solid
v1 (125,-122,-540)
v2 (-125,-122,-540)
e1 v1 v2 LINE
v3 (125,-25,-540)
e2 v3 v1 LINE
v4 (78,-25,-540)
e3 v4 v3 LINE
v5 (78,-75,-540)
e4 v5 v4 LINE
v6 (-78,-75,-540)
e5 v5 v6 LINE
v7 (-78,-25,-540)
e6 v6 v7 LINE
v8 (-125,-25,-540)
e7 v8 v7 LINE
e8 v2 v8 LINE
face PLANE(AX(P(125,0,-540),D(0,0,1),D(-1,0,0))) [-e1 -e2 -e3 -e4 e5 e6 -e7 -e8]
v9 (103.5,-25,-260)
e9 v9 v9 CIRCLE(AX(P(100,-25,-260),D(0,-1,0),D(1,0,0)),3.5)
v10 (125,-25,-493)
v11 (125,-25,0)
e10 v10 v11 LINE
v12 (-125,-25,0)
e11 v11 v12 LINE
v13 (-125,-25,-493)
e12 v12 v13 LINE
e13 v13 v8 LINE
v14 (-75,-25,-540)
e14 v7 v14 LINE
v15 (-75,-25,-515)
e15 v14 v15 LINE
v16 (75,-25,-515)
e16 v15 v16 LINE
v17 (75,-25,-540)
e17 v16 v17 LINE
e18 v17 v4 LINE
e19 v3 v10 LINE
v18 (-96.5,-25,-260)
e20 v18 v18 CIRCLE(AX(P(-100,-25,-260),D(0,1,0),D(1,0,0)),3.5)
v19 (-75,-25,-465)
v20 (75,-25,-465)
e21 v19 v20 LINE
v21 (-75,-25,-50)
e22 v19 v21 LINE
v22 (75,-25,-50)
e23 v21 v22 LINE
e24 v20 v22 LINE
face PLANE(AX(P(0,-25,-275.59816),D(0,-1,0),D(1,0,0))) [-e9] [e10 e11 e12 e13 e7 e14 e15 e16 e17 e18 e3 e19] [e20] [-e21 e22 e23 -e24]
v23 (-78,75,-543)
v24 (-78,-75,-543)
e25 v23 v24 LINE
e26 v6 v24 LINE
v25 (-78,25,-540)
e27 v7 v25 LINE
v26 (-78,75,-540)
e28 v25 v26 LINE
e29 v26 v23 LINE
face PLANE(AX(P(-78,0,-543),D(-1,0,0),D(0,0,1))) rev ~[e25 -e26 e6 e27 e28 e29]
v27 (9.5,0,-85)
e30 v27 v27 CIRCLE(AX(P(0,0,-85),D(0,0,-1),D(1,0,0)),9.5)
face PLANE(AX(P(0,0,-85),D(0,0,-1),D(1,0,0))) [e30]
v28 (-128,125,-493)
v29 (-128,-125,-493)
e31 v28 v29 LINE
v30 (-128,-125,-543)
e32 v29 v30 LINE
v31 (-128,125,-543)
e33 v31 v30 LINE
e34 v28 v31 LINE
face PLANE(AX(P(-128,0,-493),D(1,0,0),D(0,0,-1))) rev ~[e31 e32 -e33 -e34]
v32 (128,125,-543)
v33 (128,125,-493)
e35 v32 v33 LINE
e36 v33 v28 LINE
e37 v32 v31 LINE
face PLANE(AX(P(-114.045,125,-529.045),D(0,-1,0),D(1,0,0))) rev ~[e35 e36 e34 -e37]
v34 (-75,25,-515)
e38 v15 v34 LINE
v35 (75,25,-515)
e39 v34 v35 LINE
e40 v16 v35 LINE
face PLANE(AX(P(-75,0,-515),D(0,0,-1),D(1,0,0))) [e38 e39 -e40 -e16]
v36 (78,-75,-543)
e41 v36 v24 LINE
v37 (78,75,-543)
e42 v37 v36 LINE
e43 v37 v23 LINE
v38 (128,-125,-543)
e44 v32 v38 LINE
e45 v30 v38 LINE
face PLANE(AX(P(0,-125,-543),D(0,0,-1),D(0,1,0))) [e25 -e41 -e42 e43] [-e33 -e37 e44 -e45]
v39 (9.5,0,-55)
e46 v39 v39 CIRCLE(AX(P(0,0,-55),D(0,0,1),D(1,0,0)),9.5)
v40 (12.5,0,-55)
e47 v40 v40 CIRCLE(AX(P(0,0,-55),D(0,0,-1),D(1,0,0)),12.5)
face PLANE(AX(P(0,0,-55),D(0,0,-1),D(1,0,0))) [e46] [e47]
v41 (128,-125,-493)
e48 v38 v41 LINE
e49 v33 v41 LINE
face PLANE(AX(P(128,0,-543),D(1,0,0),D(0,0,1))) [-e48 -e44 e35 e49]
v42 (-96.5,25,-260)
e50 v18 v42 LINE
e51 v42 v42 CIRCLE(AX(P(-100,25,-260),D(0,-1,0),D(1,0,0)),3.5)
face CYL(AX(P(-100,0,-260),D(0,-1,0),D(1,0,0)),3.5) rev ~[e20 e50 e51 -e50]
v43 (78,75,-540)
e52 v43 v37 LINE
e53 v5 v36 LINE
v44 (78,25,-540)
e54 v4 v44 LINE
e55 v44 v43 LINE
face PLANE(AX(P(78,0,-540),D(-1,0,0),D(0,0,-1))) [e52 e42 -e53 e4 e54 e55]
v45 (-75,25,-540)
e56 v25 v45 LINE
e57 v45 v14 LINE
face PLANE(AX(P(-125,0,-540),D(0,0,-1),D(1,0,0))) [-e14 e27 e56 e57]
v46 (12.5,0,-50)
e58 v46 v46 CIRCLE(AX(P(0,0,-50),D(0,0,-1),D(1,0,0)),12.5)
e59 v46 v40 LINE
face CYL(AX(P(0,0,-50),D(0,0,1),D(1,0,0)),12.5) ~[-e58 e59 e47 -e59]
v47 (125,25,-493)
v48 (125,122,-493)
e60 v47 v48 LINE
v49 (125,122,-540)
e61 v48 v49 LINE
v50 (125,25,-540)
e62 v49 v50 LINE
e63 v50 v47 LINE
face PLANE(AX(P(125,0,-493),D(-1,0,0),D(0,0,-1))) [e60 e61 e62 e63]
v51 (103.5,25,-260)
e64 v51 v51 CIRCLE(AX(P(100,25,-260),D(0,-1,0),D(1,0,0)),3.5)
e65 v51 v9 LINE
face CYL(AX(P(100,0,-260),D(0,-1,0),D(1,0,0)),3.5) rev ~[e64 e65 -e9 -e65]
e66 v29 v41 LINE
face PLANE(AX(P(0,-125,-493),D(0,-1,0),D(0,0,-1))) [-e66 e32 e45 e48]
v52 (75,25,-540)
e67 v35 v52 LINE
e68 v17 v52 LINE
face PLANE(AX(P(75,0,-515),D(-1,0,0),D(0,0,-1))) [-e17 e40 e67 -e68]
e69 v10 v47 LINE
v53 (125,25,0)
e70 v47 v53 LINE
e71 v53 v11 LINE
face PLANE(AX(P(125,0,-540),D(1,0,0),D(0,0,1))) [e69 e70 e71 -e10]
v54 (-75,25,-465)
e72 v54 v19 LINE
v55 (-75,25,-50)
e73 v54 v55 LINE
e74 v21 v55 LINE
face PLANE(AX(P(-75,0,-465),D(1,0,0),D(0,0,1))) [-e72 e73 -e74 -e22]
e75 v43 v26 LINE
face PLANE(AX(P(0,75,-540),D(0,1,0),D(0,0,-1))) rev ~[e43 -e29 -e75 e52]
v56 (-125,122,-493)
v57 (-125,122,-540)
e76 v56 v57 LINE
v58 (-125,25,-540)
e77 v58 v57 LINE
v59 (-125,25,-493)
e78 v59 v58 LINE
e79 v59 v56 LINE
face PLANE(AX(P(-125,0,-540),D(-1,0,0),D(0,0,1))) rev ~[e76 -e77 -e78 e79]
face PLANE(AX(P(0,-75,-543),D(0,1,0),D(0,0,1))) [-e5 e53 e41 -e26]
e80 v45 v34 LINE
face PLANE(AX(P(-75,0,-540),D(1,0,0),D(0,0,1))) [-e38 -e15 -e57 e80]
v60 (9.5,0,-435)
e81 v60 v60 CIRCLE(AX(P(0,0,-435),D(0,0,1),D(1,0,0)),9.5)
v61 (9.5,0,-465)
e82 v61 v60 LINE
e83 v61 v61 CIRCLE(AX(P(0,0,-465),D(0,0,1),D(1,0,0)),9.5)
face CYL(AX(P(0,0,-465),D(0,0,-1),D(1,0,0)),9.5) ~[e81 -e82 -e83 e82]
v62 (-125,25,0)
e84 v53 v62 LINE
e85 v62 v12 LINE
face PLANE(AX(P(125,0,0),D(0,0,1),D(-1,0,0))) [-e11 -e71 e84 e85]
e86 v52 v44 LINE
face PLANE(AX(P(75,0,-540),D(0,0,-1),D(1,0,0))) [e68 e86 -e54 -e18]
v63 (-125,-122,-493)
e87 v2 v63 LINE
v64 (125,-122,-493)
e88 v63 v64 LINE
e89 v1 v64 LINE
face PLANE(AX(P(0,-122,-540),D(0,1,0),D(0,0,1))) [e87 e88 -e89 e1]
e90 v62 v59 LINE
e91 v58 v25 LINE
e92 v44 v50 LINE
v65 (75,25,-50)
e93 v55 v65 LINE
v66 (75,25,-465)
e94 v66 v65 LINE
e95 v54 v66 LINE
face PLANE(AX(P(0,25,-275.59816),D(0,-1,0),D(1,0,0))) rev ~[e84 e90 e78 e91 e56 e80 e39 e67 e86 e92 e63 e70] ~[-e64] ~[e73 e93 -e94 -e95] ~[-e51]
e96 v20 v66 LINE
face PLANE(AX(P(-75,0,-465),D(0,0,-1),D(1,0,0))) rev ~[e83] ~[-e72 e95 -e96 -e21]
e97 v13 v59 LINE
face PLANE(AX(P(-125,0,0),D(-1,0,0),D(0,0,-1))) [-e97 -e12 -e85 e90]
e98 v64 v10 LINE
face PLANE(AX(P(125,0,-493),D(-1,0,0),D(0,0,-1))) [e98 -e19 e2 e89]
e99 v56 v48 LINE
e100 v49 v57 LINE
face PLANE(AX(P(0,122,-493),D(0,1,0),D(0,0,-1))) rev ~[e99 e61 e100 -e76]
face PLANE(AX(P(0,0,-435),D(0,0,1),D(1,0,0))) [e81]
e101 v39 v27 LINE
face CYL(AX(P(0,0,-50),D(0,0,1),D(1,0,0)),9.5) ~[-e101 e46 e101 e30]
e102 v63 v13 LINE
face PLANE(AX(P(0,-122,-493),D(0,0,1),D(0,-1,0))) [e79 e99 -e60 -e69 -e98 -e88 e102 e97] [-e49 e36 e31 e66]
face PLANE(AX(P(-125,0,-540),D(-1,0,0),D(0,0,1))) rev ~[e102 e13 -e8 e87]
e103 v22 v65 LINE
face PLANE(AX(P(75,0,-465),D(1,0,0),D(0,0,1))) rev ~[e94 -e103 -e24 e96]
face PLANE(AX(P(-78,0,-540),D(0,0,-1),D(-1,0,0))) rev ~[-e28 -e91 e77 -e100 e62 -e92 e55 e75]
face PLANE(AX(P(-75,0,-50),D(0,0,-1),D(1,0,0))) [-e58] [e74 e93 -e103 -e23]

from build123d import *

# Parameters (mm, degrees)
F0_W      = 150
F0_H      = 415
F1_DEPTH  = 25
F3_DEPTH  = 125
F5_DEPTH  = 125
F6_R      = 9.5
F7_DEPTH  = 35
F8_R      = 12.5
F9_DEPTH  = 5
F10_R     = 9.5
F11_DEPTH = 30
F12_R     = 3.5
F13_DEPTH = 30


with BuildPart() as f1:
    # F0 (on Front) → F1 (new body, symmetric)
    with BuildSketch(Plane.XZ):
        Polygon((125, -540), (125, 0), (-125, 0), (-125, -540), (-75, -540), (-75, -515), (75, -515), (75, -540), align=None)
        with Locations((0, -257.5)):
            Rectangle(F0_W, F0_H, mode=Mode.SUBTRACT)
    extrude(amount=F1_DEPTH, both=True)

    # F2 (on Front) → F3 (join, symmetric)
    with BuildSketch(Plane.XZ):
        Polygon((-125, -493), (-128, -493), (-128, -543), (-78, -543), (-78, -540), (-125, -540), align=None)
        Polygon((78, -540), (78, -543), (128, -543), (128, -493), (125, -493), (125, -540), align=None)
    extrude(amount=F3_DEPTH, both=True)

    # F4 (on Right) → F5 (join, symmetric)
    with BuildSketch(Plane.YZ):
        Polygon((125, -543), (125, -493), (122, -493), (122, -540), (75, -540), (75, -543), align=None)
        Polygon((-122, -540), (-122, -493), (-125, -493), (-125, -543), (-75, -543), (-75, -540), align=None)
    extrude(amount=F5_DEPTH, both=True)

    # F6 (on face) → F7 (join)
    with BuildSketch(Plane(origin=(0, 0, -50), x_dir=(1, 0, 0), z_dir=(0, 0, -1))):
        Circle(F6_R)
    extrude(amount=F7_DEPTH)

    # F8 (on face) → F9 (join)
    with BuildSketch(Plane(origin=(0, 0, -50), x_dir=(1, 0, 0), z_dir=(0, 0, -1))):
        Circle(F8_R)
    extrude(amount=F9_DEPTH)

    # F10 (on face) → F11 (join)
    with BuildSketch(Plane.XY.offset(-465)):
        Circle(F10_R)
    extrude(amount=F11_DEPTH)

    # F12 (on Front) → F13 (cut, symmetric)
    with BuildSketch(Plane.XZ):
        with Locations((-100, -260)):
            Circle(F12_R)
        with Locations((100, -260)):
            Circle(F12_R)
    extrude(amount=F13_DEPTH, both=True, mode=Mode.SUBTRACT)


solid = f1.part
